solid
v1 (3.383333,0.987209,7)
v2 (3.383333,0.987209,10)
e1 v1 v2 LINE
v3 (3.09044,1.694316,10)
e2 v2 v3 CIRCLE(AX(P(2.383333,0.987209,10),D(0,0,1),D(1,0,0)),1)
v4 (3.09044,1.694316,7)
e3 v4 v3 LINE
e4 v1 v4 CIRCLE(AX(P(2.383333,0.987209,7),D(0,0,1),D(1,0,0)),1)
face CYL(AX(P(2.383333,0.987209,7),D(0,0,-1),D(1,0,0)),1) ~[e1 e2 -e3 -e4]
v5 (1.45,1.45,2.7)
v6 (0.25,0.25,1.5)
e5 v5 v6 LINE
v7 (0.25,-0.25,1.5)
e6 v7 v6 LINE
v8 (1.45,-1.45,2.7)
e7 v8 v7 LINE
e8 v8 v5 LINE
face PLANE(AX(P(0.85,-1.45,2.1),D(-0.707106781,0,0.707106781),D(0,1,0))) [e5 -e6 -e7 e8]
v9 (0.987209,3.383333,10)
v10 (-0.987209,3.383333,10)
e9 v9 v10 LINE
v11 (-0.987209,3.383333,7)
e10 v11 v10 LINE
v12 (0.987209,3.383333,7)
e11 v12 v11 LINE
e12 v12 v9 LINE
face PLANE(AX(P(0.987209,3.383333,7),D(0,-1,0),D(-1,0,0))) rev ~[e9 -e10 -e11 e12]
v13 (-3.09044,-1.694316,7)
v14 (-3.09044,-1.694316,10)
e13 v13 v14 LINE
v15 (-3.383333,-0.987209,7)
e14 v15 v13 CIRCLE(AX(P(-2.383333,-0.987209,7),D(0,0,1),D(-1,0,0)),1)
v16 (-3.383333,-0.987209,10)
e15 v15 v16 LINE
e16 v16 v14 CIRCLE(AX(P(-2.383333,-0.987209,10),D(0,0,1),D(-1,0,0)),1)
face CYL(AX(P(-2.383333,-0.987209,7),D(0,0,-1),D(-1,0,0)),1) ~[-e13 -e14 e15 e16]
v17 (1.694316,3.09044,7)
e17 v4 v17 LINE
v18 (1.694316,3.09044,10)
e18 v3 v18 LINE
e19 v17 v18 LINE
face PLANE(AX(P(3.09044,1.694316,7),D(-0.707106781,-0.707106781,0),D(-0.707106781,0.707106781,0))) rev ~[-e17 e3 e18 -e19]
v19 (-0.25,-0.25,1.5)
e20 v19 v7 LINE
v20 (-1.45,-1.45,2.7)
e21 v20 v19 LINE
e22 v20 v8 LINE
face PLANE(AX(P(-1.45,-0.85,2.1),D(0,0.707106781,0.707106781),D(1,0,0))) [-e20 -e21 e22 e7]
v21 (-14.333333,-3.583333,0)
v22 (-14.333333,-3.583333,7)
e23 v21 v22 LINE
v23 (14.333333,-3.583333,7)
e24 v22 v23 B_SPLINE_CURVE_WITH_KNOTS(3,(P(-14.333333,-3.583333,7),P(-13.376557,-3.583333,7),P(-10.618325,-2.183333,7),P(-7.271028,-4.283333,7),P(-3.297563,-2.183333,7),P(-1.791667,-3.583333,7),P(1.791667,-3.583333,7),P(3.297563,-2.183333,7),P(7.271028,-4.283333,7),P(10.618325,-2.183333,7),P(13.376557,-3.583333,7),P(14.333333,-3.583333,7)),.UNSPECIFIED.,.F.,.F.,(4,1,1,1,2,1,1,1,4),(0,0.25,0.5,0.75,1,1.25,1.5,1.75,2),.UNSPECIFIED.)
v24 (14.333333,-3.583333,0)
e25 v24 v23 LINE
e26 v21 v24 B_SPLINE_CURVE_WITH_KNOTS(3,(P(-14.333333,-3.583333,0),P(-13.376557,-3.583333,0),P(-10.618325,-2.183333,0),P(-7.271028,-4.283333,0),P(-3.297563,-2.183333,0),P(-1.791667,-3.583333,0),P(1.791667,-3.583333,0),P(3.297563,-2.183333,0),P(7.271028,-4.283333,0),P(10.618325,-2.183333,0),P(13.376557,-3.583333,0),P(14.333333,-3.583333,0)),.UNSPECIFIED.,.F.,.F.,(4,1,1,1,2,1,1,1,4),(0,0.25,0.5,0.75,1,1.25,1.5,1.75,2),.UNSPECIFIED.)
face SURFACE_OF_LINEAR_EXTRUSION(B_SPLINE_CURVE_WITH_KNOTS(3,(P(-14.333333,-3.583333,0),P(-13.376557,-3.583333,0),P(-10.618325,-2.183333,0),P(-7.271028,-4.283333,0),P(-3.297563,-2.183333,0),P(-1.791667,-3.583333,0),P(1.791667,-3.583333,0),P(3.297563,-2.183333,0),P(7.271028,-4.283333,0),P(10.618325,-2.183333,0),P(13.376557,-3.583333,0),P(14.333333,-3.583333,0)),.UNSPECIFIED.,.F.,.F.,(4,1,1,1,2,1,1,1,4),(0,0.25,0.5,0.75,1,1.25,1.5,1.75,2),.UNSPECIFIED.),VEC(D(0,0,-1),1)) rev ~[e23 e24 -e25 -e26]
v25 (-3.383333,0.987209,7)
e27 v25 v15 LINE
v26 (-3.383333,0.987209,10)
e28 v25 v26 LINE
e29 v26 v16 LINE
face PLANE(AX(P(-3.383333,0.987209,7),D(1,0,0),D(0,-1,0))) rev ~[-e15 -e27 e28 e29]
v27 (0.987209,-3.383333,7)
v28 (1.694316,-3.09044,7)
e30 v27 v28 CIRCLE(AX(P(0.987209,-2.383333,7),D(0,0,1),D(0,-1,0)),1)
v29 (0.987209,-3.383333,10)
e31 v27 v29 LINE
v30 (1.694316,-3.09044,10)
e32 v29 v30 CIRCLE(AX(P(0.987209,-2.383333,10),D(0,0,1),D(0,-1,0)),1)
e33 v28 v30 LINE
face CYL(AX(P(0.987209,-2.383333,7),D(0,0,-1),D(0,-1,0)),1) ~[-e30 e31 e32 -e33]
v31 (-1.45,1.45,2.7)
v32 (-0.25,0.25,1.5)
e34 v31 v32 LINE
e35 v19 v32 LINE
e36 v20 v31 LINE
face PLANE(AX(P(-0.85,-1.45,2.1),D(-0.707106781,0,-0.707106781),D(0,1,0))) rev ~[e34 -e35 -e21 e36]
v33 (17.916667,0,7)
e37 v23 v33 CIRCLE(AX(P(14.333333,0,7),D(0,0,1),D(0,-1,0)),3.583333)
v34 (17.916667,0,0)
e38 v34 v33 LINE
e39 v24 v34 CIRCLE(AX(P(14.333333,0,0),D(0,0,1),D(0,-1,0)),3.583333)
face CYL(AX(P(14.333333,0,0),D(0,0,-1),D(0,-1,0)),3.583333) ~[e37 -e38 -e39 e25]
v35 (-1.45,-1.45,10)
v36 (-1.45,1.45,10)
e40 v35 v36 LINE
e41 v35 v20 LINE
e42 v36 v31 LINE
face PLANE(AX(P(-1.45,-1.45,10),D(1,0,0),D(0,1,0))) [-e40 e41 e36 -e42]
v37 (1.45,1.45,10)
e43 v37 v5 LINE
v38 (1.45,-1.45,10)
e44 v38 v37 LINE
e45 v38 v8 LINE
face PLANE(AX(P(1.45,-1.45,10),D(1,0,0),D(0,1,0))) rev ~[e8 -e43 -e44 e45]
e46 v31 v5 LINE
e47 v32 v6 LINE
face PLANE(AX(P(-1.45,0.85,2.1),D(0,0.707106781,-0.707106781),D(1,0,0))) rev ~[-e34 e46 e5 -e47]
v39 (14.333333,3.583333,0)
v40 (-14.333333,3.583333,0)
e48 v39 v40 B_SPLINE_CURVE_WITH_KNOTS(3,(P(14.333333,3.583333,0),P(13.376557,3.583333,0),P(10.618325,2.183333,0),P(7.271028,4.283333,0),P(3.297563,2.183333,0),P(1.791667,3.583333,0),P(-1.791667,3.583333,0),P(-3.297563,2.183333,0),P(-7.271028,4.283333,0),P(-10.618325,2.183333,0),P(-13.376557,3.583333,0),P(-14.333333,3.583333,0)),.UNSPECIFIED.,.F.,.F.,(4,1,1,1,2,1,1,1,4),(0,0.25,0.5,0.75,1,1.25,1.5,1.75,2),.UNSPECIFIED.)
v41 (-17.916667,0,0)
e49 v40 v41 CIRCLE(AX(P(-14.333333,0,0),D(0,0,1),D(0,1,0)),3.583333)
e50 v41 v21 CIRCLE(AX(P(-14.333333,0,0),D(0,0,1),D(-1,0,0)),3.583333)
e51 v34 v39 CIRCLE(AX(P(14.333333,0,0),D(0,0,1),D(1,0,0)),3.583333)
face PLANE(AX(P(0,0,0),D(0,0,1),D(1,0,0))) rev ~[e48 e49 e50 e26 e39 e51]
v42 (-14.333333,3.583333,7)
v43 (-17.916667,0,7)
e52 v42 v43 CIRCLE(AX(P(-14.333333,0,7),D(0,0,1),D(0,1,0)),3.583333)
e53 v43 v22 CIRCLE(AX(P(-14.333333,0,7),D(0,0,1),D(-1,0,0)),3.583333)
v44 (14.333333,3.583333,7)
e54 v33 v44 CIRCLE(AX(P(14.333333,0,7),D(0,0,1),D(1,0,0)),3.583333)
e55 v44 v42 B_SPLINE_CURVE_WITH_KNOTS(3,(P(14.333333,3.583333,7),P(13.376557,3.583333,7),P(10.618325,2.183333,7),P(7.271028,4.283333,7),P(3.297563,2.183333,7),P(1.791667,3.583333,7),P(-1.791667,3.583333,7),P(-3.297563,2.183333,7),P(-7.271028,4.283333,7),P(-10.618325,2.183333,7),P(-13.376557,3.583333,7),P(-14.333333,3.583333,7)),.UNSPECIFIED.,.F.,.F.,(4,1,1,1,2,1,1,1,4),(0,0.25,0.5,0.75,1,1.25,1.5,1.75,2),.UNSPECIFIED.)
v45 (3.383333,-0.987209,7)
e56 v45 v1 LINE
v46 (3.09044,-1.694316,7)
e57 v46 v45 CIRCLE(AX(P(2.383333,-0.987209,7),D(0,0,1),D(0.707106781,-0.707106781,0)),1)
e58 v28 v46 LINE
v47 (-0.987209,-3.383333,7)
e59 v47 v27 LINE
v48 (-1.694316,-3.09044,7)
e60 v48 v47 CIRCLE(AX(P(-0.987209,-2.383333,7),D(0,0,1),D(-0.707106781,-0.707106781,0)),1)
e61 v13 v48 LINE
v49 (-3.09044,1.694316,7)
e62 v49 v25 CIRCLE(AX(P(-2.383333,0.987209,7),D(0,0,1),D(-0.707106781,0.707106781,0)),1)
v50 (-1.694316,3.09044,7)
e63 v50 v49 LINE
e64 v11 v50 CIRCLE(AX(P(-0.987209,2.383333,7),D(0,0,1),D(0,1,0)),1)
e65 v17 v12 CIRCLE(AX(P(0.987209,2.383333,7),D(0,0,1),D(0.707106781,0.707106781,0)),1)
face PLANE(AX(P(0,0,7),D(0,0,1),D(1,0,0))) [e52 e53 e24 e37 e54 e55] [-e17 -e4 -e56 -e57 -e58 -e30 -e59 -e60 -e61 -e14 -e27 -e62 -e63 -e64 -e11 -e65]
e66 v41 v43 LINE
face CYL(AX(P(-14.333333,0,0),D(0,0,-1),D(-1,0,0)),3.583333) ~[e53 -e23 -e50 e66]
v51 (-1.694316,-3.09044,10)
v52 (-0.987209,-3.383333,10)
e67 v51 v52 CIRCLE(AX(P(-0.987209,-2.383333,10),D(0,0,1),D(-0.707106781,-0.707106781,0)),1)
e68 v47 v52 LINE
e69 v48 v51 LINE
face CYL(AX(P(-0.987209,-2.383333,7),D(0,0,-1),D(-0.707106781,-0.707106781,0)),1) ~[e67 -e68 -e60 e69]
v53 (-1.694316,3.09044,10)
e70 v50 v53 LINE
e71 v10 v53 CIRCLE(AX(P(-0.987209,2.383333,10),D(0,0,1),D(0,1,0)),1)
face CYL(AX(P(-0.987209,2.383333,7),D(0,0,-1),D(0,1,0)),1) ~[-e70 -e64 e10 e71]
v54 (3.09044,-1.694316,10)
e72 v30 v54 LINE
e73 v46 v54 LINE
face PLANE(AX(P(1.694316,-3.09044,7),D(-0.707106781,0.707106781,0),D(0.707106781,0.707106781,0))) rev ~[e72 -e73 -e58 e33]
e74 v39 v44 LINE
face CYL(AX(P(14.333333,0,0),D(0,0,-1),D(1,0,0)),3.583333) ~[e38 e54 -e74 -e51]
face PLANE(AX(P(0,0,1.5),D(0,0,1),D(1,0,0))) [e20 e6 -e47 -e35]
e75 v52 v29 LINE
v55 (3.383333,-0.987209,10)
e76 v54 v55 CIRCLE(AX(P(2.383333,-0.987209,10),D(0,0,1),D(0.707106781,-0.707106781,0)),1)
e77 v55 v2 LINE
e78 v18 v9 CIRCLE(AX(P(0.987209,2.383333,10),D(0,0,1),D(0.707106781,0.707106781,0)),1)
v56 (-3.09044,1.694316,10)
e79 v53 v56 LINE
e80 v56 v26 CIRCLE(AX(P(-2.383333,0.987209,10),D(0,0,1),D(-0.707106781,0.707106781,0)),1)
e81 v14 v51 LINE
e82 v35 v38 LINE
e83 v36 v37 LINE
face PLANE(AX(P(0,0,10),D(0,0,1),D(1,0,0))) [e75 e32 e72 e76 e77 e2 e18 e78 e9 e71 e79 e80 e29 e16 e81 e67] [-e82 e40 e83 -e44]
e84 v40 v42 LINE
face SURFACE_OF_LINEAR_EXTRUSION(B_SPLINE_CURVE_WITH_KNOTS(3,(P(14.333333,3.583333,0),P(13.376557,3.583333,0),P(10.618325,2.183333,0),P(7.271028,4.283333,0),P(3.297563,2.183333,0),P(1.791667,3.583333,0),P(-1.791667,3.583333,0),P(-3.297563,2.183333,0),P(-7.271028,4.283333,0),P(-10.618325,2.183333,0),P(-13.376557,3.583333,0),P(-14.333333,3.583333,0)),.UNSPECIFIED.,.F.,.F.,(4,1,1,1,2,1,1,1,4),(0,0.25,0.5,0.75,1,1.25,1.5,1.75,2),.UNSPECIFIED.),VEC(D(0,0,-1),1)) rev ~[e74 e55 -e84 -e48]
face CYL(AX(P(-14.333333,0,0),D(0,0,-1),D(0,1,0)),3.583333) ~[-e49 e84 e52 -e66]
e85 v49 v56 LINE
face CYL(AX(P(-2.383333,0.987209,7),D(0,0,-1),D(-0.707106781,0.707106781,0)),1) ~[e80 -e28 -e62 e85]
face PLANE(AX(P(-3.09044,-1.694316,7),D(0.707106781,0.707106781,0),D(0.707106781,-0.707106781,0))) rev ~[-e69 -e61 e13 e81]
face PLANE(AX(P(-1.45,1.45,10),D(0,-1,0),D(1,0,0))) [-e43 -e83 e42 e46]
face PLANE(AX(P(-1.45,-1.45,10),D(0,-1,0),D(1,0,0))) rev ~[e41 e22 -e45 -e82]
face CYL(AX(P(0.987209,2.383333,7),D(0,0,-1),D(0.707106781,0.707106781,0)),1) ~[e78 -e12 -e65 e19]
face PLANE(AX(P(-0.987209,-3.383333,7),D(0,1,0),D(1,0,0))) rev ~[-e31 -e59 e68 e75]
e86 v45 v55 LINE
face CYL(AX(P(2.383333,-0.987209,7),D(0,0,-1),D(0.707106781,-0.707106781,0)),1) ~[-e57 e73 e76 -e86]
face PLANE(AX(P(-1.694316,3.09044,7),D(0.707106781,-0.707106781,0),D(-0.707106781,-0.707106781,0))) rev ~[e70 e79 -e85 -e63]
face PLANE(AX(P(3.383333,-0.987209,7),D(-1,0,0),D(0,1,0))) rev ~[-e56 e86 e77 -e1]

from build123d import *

# Parameters (mm, degrees)
F3_DEPTH = 7
F5_DEPTH = 3
F6_W     = 2.9
F6_H     = 2.9
F7_DEPTH = 8.5
F8_SIZE  = 1.2


with BuildPart() as f3:
    # F2 (on Top) → F3 (new body)
    with BuildSketch(Plane.XY):
        with BuildLine():
            add(Edge.make_bspline(
                [(0, -3.5833333333), (1.7916666667, -3.5833333333), (3.2975634243, -2.1833333333), (7.2710280149, -4.2833333333), (10.618324516, -2.1833333333), (13.3765574527, -3.5833333333), (14.3333333333, -3.5833333333)],
                knots=[0, 0, 0, 0, 0.25, 0.5, 0.75, 1, 1, 1, 1], degree=3))
            ThreePointArc((14.3333333333, -3.5833333333), (16.8671326326, -2.5337992993), (17.9166666667, 0))
            ThreePointArc((17.9166666667, 0), (16.8671326326, 2.5337992993), (14.3333333333, 3.5833333333))
            add(Edge.make_bspline(
                [(0, 3.5833333333), (1.7916666667, 3.5833333333), (3.2975634243, 2.1833333333), (7.2710280149, 4.2833333333), (10.618324516, 2.1833333333), (13.3765574527, 3.5833333333), (14.3333333333, 3.5833333333)],
                knots=[0, 0, 0, 0, 0.25, 0.5, 0.75, 1, 1, 1, 1], degree=3))
            add(Edge.make_bspline(
                [(0, 3.5833333333), (-1.7916666667, 3.5833333333), (-3.2975634243, 2.1833333333), (-7.2710280149, 4.2833333333), (-10.618324516, 2.1833333333), (-13.3765574527, 3.5833333333), (-14.3333333333, 3.5833333333)],
                knots=[0, 0, 0, 0, 0.25, 0.5, 0.75, 1, 1, 1, 1], degree=3))
            ThreePointArc((-14.3333333333, 3.5833333333), (-16.8671326326, 2.5337992993), (-17.9166666667, 0))
            ThreePointArc((-17.9166666667, 0), (-16.8671326326, -2.5337992993), (-14.3333333333, -3.5833333333))
            add(Edge.make_bspline(
                [(0, -3.5833333333), (-1.7916666667, -3.5833333333), (-3.2975634243, -2.1833333333), (-7.2710280149, -4.2833333333), (-10.618324516, -2.1833333333), (-13.3765574527, -3.5833333333), (-14.3333333333, -3.5833333333)],
                knots=[0, 0, 0, 0, 0.25, 0.5, 0.75, 1, 1, 1, 1], degree=3))
        make_face()
    extrude(amount=F3_DEPTH)

    # F4 (on face) → F5 (join)
    with BuildSketch(Plane.XY.offset(7)):
        with BuildLine():
            Line((-0.9872089903, -3.3833333333), (0.9872089903, -3.3833333333))
            ThreePointArc((0.9872089903, -3.3833333333), (1.3698924227, -3.3072128658), (1.6943157715, -3.0904401145))
            Line((1.6943157715, -3.0904401145), (3.0904401145, -1.6943157715))
            ThreePointArc((3.0904401145, -1.6943157715), (3.3072128658, -1.3698924227), (3.3833333333, -0.9872089903))
            Line((3.3833333333, -0.9872089903), (3.3833333333, 0.9872089903))
            ThreePointArc((3.3833333333, 0.9872089903), (3.3072128658, 1.3698924227), (3.0904401145, 1.6943157715))
            Line((3.0904401145, 1.6943157715), (1.6943157715, 3.0904401145))
            ThreePointArc((1.6943157715, 3.0904401145), (1.3698924227, 3.3072128658), (0.9872089903, 3.3833333333))
            Line((0.9872089903, 3.3833333333), (-0.9872089903, 3.3833333333))
            ThreePointArc((-0.9872089903, 3.3833333333), (-1.3698924227, 3.3072128658), (-1.6943157715, 3.0904401145))
            Line((-1.6943157715, 3.0904401145), (-3.0904401145, 1.6943157715))
            ThreePointArc((-3.0904401145, 1.6943157715), (-3.3072128658, 1.3698924227), (-3.3833333333, 0.9872089903))
            Line((-3.3833333333, 0.9872089903), (-3.3833333333, -0.9872089903))
            ThreePointArc((-3.3833333333, -0.9872089903), (-3.3072128658, -1.3698924227), (-3.0904401145, -1.6943157715))
            Line((-3.0904401145, -1.6943157715), (-1.6943157715, -3.0904401145))
            ThreePointArc((-1.6943157715, -3.0904401145), (-1.3698924227, -3.3072128658), (-0.9872089903, -3.3833333333))
        make_face()
    extrude(amount=F5_DEPTH)

    # F6 (on face) → F7 (cut)
    with BuildSketch(Plane.XY.offset(10)):
        Rectangle(F6_W, F6_H)
    extrude(amount=-F7_DEPTH, mode=Mode.SUBTRACT)

    # F8
    f8_edges = [f3.edges().sort_by_distance(p)[0] for p in [
        (0, -1.45, 1.5),
        (1.45, 0, 1.5),
        (0, 1.45, 1.5),
        (-1.45, 0, 1.5),
    ]]
    chamfer(f8_edges, length=F8_SIZE)


solid = f3.part
